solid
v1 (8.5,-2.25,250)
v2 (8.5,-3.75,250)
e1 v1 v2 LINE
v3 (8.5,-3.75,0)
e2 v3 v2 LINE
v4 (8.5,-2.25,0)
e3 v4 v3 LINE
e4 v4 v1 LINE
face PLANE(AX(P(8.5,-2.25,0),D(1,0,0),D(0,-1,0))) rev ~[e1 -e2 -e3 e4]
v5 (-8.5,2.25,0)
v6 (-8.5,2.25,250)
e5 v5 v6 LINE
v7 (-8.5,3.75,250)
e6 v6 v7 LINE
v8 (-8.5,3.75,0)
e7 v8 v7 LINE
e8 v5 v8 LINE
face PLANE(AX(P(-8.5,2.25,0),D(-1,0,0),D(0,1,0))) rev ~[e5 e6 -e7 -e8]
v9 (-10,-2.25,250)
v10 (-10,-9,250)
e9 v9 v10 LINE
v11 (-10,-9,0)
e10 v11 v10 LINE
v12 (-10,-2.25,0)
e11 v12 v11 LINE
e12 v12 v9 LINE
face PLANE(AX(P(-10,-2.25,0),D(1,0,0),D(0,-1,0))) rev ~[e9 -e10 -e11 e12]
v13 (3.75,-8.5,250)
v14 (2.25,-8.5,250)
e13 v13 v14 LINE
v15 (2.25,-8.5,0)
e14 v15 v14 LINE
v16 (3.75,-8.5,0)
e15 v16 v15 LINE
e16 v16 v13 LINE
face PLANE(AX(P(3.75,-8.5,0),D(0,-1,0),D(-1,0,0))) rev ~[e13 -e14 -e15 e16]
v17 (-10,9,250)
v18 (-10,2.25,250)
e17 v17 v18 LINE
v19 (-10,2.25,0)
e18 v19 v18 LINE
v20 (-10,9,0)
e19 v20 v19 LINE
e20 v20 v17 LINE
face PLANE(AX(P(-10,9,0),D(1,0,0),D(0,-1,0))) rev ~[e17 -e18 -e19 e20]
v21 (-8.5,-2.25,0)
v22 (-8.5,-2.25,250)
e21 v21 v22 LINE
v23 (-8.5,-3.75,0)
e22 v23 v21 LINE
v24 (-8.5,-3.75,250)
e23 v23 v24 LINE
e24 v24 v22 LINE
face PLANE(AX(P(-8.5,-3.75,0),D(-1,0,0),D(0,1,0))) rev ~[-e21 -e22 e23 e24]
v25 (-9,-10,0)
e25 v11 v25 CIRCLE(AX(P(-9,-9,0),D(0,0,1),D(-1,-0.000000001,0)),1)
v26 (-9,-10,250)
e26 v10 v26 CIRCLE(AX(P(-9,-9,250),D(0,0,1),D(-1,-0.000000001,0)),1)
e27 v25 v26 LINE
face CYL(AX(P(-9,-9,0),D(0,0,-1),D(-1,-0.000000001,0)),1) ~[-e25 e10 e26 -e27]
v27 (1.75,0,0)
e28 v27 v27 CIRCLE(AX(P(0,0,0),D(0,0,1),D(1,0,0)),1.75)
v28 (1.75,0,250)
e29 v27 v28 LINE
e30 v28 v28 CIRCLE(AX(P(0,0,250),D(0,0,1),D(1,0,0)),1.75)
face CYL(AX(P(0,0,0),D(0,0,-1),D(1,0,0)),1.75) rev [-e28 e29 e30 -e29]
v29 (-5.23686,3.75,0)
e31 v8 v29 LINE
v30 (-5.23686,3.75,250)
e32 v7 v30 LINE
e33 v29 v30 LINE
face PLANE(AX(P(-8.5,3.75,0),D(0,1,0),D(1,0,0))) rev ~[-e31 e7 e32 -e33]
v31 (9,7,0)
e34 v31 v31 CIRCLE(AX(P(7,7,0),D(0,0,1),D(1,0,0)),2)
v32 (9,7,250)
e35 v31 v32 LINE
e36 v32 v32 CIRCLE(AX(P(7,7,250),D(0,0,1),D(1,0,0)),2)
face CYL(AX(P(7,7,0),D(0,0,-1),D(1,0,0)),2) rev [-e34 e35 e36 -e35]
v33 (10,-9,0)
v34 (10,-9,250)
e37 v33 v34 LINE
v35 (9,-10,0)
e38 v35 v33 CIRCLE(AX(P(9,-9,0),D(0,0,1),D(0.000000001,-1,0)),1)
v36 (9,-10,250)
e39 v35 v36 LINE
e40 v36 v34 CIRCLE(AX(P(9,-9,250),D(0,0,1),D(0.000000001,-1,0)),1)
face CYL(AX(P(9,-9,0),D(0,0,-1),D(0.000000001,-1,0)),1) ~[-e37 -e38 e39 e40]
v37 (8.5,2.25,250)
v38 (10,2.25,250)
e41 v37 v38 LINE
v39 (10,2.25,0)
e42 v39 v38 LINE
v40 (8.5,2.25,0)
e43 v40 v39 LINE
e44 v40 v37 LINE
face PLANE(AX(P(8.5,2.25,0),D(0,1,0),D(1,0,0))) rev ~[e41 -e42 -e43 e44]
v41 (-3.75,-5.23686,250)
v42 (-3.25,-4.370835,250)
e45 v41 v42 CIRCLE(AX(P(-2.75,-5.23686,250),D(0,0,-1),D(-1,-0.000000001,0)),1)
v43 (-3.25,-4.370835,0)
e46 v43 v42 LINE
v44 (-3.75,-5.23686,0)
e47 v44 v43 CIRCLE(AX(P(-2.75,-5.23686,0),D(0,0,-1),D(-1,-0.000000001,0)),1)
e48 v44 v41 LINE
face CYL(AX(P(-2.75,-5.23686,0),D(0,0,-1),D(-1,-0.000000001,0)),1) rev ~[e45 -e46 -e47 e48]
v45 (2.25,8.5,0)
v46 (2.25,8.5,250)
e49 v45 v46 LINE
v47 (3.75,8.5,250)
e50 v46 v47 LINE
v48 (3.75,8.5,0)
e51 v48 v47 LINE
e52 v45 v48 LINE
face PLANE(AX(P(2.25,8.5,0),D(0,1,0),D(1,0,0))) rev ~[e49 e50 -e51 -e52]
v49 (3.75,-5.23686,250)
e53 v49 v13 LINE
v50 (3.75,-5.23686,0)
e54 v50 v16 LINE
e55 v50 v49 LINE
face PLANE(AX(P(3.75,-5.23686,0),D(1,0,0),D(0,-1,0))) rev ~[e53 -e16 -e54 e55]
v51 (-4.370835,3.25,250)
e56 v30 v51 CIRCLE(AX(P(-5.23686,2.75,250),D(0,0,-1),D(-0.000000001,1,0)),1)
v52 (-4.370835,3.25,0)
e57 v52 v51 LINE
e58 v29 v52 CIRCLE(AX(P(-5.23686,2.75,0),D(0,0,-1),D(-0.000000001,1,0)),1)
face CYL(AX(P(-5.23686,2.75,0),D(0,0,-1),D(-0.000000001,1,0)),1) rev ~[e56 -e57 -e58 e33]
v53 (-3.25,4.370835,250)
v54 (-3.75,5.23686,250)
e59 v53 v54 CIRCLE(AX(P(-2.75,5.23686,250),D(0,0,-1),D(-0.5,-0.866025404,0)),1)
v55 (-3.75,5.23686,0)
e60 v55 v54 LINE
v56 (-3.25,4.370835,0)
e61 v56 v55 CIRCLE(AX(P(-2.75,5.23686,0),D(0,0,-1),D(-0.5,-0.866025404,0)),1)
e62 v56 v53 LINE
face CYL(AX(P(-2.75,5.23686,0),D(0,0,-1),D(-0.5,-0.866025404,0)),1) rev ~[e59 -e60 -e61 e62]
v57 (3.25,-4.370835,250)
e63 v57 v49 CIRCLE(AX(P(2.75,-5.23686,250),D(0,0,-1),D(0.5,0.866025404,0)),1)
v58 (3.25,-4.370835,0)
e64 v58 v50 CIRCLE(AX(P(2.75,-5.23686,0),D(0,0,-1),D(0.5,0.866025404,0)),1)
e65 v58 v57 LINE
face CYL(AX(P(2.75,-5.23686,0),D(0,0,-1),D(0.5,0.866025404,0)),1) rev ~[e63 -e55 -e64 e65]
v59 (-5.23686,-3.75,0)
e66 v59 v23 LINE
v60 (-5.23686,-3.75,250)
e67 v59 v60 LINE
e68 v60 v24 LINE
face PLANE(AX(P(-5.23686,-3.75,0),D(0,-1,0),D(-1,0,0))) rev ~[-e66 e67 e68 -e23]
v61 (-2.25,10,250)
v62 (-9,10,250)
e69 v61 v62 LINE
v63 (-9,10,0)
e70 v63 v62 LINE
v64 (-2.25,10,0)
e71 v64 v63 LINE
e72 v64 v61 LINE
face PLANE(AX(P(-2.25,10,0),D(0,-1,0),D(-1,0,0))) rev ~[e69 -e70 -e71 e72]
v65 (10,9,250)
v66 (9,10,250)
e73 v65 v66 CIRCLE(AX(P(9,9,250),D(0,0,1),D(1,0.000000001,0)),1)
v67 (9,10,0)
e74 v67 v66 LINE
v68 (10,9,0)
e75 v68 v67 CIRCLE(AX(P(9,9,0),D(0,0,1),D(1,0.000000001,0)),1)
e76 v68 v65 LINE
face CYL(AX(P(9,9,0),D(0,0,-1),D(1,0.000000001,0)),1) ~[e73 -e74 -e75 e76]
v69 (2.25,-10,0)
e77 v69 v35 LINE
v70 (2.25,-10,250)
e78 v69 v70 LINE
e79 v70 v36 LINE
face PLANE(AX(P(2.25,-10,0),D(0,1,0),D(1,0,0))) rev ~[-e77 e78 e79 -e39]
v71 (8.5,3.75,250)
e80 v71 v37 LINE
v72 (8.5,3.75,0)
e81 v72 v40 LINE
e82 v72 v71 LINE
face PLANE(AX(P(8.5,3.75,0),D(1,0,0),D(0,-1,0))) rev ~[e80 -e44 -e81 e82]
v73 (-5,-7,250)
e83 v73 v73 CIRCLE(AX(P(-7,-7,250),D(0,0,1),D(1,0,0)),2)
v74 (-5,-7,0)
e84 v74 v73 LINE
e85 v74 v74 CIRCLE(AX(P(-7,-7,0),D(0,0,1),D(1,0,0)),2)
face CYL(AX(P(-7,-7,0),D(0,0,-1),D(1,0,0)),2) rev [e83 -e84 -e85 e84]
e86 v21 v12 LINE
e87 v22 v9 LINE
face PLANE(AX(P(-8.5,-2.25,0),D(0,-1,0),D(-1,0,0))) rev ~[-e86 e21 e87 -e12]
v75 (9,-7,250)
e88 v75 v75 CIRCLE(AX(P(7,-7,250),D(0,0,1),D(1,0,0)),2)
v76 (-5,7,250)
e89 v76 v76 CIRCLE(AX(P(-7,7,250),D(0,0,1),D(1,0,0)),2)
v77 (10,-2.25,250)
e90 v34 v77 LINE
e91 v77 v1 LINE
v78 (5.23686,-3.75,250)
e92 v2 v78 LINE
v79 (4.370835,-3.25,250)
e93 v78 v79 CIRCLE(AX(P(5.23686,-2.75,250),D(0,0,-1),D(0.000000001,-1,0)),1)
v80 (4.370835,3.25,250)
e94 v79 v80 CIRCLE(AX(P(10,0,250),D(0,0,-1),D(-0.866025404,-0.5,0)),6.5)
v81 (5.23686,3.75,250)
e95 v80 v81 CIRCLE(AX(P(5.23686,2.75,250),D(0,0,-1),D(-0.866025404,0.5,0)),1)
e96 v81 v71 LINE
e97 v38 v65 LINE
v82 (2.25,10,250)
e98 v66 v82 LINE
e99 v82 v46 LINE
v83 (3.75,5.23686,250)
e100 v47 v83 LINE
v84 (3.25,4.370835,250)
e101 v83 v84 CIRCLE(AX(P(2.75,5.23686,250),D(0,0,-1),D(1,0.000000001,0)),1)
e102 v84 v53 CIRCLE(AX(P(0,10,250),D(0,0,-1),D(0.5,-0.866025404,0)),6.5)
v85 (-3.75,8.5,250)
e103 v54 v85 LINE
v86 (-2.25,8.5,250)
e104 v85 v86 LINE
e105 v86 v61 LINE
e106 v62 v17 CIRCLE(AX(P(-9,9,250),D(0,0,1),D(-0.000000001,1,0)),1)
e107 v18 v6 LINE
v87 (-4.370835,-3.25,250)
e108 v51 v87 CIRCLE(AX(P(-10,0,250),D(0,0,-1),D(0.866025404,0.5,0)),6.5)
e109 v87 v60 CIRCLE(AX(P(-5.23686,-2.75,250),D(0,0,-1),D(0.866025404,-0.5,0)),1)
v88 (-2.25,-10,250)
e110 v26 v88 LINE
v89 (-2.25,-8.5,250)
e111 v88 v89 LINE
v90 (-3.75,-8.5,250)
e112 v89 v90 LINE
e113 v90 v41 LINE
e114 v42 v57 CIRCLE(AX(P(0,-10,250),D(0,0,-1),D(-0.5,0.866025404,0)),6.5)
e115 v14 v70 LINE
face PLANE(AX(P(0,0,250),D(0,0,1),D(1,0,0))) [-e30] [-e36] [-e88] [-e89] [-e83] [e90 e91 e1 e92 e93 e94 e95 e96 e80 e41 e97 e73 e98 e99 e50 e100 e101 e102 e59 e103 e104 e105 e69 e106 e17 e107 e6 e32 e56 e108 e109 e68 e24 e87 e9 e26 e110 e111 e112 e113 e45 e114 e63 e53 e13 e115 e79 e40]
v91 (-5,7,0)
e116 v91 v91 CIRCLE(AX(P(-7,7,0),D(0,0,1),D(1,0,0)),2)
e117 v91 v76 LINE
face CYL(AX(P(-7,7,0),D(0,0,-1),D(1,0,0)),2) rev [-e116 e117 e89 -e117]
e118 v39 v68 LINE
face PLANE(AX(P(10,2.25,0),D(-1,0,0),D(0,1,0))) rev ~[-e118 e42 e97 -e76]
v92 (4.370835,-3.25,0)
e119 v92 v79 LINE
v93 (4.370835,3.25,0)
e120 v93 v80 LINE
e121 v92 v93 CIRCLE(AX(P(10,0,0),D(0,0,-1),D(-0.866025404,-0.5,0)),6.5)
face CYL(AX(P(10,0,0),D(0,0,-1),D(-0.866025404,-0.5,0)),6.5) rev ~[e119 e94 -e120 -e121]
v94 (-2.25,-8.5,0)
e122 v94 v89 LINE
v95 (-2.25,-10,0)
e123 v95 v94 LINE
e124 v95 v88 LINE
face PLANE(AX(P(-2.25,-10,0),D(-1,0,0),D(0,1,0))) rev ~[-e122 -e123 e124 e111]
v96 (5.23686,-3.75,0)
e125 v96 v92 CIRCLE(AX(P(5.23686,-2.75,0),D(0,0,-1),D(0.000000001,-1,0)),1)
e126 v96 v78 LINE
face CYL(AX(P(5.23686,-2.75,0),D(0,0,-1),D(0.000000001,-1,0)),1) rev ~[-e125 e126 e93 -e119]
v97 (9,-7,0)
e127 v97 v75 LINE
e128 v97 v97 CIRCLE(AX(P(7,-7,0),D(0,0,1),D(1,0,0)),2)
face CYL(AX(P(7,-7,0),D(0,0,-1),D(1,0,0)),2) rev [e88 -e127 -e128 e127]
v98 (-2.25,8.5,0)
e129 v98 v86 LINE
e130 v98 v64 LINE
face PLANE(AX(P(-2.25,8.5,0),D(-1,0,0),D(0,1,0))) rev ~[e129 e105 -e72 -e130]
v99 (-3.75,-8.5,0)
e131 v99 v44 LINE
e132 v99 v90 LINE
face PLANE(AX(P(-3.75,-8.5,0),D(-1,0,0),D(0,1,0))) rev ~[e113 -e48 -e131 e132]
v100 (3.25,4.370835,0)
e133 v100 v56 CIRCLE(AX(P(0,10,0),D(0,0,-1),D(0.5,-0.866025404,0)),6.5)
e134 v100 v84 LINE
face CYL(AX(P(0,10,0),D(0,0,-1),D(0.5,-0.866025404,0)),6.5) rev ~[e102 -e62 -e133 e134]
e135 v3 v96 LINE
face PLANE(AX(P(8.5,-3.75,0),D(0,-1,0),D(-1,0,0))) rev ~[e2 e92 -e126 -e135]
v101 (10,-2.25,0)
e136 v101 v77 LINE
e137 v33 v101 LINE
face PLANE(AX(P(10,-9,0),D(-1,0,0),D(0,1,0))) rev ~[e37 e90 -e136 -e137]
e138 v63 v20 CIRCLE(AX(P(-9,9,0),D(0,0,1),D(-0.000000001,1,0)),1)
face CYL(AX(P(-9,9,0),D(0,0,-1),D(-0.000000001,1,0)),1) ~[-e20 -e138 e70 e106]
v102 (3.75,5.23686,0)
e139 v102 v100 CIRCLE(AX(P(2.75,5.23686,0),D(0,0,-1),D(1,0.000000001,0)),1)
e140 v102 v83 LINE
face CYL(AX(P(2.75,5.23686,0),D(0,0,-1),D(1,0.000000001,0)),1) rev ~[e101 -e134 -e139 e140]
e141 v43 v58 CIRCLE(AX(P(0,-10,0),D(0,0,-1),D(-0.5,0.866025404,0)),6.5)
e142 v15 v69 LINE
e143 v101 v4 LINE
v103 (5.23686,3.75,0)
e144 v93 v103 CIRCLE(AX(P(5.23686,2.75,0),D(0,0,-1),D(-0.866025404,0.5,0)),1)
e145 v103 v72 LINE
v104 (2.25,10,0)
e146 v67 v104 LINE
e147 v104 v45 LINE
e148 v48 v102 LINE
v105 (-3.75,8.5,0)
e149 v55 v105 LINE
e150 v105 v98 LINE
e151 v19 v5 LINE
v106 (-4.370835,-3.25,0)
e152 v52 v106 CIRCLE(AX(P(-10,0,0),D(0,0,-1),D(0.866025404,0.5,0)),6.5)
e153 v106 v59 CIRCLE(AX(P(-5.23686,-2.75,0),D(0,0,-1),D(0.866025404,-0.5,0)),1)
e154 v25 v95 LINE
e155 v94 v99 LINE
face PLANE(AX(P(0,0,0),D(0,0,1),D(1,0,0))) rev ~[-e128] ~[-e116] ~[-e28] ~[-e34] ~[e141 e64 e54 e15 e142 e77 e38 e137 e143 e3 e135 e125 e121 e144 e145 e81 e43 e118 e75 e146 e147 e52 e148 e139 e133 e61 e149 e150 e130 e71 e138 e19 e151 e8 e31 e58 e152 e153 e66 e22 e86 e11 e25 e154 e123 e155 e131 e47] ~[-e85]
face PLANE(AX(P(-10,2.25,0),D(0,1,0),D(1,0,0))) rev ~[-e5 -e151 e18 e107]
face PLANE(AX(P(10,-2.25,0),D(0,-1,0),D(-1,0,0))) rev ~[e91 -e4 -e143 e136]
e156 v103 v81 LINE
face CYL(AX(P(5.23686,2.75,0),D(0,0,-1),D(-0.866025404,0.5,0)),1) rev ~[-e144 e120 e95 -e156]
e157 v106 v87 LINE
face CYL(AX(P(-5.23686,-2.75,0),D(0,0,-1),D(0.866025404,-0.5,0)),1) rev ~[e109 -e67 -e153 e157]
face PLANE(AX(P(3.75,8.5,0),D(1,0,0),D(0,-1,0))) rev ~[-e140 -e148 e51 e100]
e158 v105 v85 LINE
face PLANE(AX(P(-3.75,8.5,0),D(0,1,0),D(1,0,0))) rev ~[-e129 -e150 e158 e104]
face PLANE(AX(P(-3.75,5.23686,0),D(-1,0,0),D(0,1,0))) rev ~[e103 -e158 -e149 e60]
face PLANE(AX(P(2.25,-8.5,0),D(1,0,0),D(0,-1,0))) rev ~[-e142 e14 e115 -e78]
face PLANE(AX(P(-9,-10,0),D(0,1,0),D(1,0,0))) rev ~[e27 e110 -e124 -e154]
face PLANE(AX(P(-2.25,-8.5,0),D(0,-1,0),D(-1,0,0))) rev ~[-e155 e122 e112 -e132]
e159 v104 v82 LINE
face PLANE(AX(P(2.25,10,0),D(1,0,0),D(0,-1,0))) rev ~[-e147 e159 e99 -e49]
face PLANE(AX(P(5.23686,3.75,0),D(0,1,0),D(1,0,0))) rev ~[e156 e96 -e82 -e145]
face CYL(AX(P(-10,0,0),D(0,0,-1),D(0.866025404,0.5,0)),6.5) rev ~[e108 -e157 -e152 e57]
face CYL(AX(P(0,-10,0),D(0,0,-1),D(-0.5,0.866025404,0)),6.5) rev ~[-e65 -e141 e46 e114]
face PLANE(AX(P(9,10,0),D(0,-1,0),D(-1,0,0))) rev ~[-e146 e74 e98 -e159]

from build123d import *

# Parameters (mm, degrees)
SKETCH1_R           = 2
SKETCH1_R_2         = 1.75
BOSS_EXTRUDE1_DEPTH = 250


with BuildPart() as part:
    # Sketch1 → Boss-Extrude1 (new body)
    with BuildSketch(Plane.XY):
        with BuildLine():
            Line((-10, 9), (-10, 2.25))
            Line((-10, 2.25), (-8.5, 2.25))
            Line((-8.5, 2.25), (-8.5, 3.75))
            Line((-8.5, 3.75), (-5.236860279, 3.75))
            ThreePointArc((-5.236860279, 3.75), (-4.736860279, 3.616025404), (-4.370834875, 3.25))
            ThreePointArc((-4.370834875, 3.25), (-3.5, 0), (-4.370834875, -3.25))
            ThreePointArc((-4.370834875, -3.25), (-4.736860279, -3.616025404), (-5.236860279, -3.75))
            Line((-5.236860279, -3.75), (-8.5, -3.75))
            Line((-8.5, -3.75), (-8.5, -2.25))
            Line((-8.5, -2.25), (-10, -2.25))
            Line((-10, -2.25), (-10, -9))
            ThreePointArc((-10, -9), (-9.707106781, -9.707106781), (-9, -10))
            Line((-9, -10), (-2.25, -10))
            Line((-2.25, -10), (-2.25, -8.5))
            Line((-2.25, -8.5), (-3.75, -8.5))
            Line((-3.75, -8.5), (-3.75, -5.236860279))
            ThreePointArc((-3.75, -5.236860279), (-3.616025404, -4.736860279), (-3.25, -4.370834875))
            ThreePointArc((-3.25, -4.370834875), (0, -3.5), (3.25, -4.370834875))
            ThreePointArc((3.25, -4.370834875), (3.616025404, -4.736860279), (3.75, -5.236860279))
            Line((3.75, -5.236860279), (3.75, -8.5))
            Line((3.75, -8.5), (2.25, -8.5))
            Line((2.25, -8.5), (2.25, -10))
            Line((2.25, -10), (9, -10))
            ThreePointArc((9, -10), (9.707106781, -9.707106781), (10, -9))
            Line((10, -9), (10, -2.25))
            Line((10, -2.25), (8.5, -2.25))
            Line((8.5, -2.25), (8.5, -3.75))
            Line((8.5, -3.75), (5.236860279, -3.75))
            ThreePointArc((5.236860279, -3.75), (4.736860279, -3.616025404), (4.370834875, -3.25))
            ThreePointArc((4.370834875, -3.25), (3.5, 0), (4.370834875, 3.25))
            ThreePointArc((4.370834875, 3.25), (4.736860279, 3.616025404), (5.236860279, 3.75))
            Line((5.236860279, 3.75), (8.5, 3.75))
            Line((8.5, 3.75), (8.5, 2.25))
            Line((8.5, 2.25), (10, 2.25))
            Line((10, 2.25), (10, 9))
            ThreePointArc((10, 9), (9.707106781, 9.707106781), (9, 10))
            Line((9, 10), (2.25, 10))
            Line((2.25, 10), (2.25, 8.5))
            Line((2.25, 8.5), (3.75, 8.5))
            Line((3.75, 8.5), (3.75, 5.236860279))
            ThreePointArc((3.75, 5.236860279), (3.616025404, 4.736860279), (3.25, 4.370834875))
            ThreePointArc((3.25, 4.370834875), (0, 3.5), (-3.25, 4.370834875))
            ThreePointArc((-3.25, 4.370834875), (-3.616025404, 4.736860279), (-3.75, 5.236860279))
            Line((-3.75, 5.236860279), (-3.75, 8.5))
            Line((-3.75, 8.5), (-2.25, 8.5))
            Line((-2.25, 8.5), (-2.25, 10))
            Line((-2.25, 10), (-9, 10))
            ThreePointArc((-9, 10), (-9.707106781, 9.707106781), (-10, 9))
        make_face()
        with Locations((-7, -7)):
            Circle(SKETCH1_R, mode=Mode.SUBTRACT)
        with Locations((7, -7)):
            Circle(SKETCH1_R, mode=Mode.SUBTRACT)
        with Locations((7, 7)):
            Circle(SKETCH1_R, mode=Mode.SUBTRACT)
        Circle(SKETCH1_R_2, mode=Mode.SUBTRACT)
        with Locations((-7, 7)):
            Circle(SKETCH1_R, mode=Mode.SUBTRACT)
    extrude(amount=BOSS_EXTRUDE1_DEPTH)


solid = part.part
